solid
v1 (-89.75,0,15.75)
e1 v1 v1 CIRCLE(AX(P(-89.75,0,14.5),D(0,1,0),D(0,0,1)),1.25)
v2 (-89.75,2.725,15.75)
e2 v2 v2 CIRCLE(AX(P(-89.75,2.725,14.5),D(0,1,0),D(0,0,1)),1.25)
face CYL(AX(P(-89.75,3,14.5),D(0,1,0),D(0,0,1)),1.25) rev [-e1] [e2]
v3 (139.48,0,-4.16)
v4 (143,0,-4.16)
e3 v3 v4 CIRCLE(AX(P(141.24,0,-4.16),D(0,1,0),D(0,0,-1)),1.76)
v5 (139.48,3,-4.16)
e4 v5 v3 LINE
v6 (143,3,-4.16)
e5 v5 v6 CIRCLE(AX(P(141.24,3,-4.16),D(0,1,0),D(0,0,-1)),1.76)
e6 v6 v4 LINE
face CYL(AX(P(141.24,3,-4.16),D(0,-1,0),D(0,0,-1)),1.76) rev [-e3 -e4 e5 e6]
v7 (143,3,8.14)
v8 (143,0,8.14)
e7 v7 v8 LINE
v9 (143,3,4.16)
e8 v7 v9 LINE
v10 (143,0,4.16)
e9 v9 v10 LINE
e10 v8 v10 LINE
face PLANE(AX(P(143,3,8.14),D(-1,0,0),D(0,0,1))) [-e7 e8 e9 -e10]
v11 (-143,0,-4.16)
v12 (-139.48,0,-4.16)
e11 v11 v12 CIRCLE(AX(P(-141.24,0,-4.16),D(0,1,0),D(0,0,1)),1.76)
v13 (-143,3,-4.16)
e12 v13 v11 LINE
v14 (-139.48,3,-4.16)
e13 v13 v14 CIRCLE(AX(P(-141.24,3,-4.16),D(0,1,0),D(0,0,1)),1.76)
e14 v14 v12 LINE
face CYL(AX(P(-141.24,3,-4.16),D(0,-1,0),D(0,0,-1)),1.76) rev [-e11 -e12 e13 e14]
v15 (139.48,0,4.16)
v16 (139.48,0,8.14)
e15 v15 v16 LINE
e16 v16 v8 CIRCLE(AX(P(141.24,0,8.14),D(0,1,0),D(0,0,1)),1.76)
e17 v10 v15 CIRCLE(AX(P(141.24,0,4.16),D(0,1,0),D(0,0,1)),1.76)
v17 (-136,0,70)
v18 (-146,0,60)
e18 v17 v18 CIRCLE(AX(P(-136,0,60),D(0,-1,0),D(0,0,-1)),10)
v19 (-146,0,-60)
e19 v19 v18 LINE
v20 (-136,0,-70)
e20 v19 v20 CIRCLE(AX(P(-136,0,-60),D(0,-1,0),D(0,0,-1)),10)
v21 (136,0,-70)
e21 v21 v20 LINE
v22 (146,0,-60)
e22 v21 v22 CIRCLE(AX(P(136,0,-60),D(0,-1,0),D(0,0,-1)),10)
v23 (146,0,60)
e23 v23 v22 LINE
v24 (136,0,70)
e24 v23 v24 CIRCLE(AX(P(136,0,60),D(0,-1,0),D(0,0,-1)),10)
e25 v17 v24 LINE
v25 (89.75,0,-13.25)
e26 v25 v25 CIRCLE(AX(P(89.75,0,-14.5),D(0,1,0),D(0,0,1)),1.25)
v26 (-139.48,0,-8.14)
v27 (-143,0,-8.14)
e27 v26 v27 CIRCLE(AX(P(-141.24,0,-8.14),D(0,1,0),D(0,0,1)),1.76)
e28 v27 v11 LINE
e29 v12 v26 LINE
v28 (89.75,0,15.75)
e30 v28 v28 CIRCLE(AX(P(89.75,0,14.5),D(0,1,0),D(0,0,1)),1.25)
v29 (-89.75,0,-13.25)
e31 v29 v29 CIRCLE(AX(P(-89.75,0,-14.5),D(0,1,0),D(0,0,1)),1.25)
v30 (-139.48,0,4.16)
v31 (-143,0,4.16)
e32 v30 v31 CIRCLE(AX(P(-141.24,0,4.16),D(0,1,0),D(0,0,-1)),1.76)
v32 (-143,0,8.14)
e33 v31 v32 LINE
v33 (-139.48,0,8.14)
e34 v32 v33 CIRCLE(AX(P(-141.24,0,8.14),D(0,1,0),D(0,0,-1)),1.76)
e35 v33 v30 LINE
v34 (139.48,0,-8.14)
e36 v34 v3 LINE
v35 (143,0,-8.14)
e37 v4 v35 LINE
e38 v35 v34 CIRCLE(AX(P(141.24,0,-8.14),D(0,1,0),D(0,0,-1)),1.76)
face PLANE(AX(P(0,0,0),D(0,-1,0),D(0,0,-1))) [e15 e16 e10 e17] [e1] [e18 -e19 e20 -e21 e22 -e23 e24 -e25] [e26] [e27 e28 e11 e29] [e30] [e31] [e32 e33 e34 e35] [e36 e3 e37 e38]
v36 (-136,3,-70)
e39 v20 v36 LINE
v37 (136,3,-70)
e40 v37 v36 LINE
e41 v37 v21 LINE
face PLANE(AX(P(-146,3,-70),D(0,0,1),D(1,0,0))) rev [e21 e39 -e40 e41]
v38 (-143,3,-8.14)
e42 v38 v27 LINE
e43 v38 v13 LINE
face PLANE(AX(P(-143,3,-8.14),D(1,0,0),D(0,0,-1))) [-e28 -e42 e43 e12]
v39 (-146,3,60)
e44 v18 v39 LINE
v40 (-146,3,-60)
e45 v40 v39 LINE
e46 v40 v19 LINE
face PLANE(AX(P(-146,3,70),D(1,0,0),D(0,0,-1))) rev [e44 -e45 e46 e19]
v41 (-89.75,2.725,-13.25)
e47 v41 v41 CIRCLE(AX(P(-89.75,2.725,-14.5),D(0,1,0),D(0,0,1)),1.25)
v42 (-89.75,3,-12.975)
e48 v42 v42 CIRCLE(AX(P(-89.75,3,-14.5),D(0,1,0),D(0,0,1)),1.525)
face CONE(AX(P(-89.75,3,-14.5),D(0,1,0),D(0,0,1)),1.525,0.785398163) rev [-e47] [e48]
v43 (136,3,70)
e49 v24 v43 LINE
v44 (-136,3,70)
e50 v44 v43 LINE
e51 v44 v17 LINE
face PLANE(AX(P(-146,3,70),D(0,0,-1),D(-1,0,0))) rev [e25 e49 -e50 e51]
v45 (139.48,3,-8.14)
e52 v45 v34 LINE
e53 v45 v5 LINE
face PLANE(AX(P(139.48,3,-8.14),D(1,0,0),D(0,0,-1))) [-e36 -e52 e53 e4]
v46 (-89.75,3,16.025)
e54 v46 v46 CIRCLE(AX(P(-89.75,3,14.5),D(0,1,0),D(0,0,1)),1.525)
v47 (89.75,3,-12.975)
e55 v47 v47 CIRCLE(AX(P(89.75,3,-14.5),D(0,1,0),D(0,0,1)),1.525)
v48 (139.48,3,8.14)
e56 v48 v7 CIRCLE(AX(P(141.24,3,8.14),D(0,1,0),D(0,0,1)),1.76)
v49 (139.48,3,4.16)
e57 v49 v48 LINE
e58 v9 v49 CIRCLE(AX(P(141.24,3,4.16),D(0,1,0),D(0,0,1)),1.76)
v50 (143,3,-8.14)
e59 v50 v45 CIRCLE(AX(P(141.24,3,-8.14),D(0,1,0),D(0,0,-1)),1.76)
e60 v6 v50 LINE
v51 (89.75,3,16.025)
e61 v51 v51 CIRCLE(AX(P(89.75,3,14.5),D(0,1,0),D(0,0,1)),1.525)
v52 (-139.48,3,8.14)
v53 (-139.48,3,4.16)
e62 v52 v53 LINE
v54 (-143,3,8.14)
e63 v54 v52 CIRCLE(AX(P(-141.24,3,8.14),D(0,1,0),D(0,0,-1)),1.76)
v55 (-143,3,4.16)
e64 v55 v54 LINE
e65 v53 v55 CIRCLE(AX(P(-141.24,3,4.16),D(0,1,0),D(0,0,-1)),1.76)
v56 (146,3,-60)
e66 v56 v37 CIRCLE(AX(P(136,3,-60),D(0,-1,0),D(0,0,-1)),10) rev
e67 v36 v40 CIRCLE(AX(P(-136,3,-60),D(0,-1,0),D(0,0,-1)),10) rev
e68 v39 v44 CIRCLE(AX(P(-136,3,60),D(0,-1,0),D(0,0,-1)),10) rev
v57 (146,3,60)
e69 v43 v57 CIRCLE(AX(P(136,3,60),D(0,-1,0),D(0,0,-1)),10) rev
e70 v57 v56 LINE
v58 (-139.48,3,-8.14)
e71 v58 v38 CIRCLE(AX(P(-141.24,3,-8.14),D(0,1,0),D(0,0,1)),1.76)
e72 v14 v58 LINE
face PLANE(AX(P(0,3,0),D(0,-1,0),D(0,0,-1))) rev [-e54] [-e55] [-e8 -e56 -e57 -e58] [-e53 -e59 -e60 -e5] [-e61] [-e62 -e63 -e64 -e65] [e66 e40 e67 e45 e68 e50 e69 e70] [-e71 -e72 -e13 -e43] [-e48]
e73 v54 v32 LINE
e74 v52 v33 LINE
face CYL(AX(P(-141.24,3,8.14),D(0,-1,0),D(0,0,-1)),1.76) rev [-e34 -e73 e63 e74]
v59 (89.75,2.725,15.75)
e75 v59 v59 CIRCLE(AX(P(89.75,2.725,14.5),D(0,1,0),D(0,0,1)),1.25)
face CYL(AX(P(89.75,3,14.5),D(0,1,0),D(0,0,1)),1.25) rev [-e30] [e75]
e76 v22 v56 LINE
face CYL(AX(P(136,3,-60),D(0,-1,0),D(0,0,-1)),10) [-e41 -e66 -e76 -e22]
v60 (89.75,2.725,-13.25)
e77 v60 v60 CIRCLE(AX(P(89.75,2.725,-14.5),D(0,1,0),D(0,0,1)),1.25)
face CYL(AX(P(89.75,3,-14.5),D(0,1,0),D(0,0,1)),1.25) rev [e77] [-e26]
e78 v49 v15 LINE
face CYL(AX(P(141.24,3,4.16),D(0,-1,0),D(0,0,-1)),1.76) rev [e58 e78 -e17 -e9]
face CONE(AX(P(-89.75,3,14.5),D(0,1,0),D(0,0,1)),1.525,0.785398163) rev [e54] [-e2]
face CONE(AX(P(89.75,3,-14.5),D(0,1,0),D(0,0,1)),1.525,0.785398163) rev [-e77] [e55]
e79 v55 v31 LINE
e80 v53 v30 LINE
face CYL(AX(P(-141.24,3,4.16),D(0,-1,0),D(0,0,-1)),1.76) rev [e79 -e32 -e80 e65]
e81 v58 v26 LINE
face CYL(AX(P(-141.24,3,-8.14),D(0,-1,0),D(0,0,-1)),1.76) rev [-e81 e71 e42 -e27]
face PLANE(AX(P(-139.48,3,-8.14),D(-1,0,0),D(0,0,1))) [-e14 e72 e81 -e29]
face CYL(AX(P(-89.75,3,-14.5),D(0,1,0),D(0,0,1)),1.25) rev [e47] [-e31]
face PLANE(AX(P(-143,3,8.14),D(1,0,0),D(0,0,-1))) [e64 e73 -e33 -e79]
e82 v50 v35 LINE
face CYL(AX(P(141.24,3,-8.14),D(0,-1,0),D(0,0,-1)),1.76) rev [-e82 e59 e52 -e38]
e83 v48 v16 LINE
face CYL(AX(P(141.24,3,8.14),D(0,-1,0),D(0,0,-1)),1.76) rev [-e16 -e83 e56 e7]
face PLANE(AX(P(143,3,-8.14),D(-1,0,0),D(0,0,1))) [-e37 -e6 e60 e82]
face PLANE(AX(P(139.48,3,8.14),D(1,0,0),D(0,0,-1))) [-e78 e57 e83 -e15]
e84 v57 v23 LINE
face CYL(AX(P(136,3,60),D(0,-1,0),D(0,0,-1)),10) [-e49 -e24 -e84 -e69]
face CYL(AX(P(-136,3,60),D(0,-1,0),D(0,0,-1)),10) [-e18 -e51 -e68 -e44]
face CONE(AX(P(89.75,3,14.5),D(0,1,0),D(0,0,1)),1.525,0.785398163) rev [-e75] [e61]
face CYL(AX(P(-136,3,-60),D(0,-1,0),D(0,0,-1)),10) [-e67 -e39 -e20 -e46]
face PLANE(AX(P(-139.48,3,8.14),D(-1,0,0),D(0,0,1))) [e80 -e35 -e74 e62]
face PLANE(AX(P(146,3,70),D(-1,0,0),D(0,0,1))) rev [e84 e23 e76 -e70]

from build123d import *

# Parameters (mm, degrees)
SKETCH_1_W                   = 292
SKETCH_1_H                   = 140
EXTRUDE_1_DEPTH              = 3
HOLE_WIZARD_M3_1_D           = 2.5
HOLE_WIZARD_M3_1_CSINK_D     = 3.05
HOLE_WIZARD_M3_1_CSINK_ANGLE = 90
MIRROR_2_COPY_1_D            = 2.5
MIRROR_2_COPY_1_CSINK_D      = 3.05
MIRROR_2_COPY_1_CSINK_ANGLE  = 90
FILLET_1_R                   = 10


with BuildPart() as part:
    # 草图1 → 凸台-拉伸1 (new body)
    with BuildSketch(Plane(origin=(0, 0, 0), x_dir=(1, 0, 0), z_dir=(0, 1, 0))):
        Rectangle(SKETCH_1_W, SKETCH_1_H)
        with BuildLine():
            Line((-139.48, 8.14), (-139.48, 4.16))
            ThreePointArc((-139.48, 4.16), (-141.24, 2.4), (-143, 4.16))
            Line((-143, 4.16), (-143, 8.14))
            ThreePointArc((-143, 8.14), (-141.24, 9.9), (-139.48, 8.14))
        make_face(mode=Mode.SUBTRACT)
        with BuildLine():
            Line((-139.48, -8.14), (-139.48, -4.16))
            ThreePointArc((-139.48, -4.16), (-141.24, -2.4), (-143, -4.16))
            Line((-143, -4.16), (-143, -8.14))
            ThreePointArc((-143, -8.14), (-141.24, -9.9), (-139.48, -8.14))
        make_face(mode=Mode.SUBTRACT)
        with BuildLine():
            Line((139.48, 8.14), (139.48, 4.16))
            ThreePointArc((139.48, 4.16), (141.24, 2.4), (143, 4.16))
            Line((143, 4.16), (143, 8.14))
            ThreePointArc((143, 8.14), (141.24, 9.9), (139.48, 8.14))
        make_face(mode=Mode.SUBTRACT)
        with BuildLine():
            Line((139.48, -8.14), (139.48, -4.16))
            ThreePointArc((139.48, -4.16), (141.24, -2.4), (143, -4.16))
            Line((143, -4.16), (143, -8.14))
            ThreePointArc((143, -8.14), (141.24, -9.9), (139.48, -8.14))
        make_face(mode=Mode.SUBTRACT)
    extrude(amount=EXTRUDE_1_DEPTH)

    # M3 螺纹孔1 (through all)
    with Locations(Plane(origin=(-89.75, 3, -14.5), x_dir=(0, 0, 1), z_dir=(0, 1, 0))):
        with Locations((0, 0)):
            hole_wizard_m3_1 = CounterSinkHole(HOLE_WIZARD_M3_1_D / 2, HOLE_WIZARD_M3_1_CSINK_D / 2, counter_sink_angle=HOLE_WIZARD_M3_1_CSINK_ANGLE)

    # 镜向1: M3 螺纹孔1 across plane
    add(hole_wizard_m3_1.mirror(Plane(origin=(0, 0, 0), x_dir=(0, 0, 1), z_dir=(1, 0, 0))), mode=Mode.SUBTRACT)

    # 镜向2: M3 螺纹孔1 across plane
    add(hole_wizard_m3_1.mirror(Plane.XY), mode=Mode.SUBTRACT)

    # 镜向2 copy 1 (through all)
    with Locations(Plane(origin=(89.75, 3, 14.5), x_dir=(0, 0, -1), z_dir=(0, 1, 0))):
        with Locations((0, 0)):
            CounterSinkHole(MIRROR_2_COPY_1_D / 2, MIRROR_2_COPY_1_CSINK_D / 2, counter_sink_angle=MIRROR_2_COPY_1_CSINK_ANGLE)

    # 圆角1
    fillet_1_edges = [part.edges().sort_by_distance(p)[0] for p in [
        (146, 1.5, 70),
        (-146, 1.5, 70),
        (-146, 1.5, -70),
        (146, 1.5, -70),
    ]]
    fillet(fillet_1_edges, radius=FILLET_1_R)


solid = part.part
